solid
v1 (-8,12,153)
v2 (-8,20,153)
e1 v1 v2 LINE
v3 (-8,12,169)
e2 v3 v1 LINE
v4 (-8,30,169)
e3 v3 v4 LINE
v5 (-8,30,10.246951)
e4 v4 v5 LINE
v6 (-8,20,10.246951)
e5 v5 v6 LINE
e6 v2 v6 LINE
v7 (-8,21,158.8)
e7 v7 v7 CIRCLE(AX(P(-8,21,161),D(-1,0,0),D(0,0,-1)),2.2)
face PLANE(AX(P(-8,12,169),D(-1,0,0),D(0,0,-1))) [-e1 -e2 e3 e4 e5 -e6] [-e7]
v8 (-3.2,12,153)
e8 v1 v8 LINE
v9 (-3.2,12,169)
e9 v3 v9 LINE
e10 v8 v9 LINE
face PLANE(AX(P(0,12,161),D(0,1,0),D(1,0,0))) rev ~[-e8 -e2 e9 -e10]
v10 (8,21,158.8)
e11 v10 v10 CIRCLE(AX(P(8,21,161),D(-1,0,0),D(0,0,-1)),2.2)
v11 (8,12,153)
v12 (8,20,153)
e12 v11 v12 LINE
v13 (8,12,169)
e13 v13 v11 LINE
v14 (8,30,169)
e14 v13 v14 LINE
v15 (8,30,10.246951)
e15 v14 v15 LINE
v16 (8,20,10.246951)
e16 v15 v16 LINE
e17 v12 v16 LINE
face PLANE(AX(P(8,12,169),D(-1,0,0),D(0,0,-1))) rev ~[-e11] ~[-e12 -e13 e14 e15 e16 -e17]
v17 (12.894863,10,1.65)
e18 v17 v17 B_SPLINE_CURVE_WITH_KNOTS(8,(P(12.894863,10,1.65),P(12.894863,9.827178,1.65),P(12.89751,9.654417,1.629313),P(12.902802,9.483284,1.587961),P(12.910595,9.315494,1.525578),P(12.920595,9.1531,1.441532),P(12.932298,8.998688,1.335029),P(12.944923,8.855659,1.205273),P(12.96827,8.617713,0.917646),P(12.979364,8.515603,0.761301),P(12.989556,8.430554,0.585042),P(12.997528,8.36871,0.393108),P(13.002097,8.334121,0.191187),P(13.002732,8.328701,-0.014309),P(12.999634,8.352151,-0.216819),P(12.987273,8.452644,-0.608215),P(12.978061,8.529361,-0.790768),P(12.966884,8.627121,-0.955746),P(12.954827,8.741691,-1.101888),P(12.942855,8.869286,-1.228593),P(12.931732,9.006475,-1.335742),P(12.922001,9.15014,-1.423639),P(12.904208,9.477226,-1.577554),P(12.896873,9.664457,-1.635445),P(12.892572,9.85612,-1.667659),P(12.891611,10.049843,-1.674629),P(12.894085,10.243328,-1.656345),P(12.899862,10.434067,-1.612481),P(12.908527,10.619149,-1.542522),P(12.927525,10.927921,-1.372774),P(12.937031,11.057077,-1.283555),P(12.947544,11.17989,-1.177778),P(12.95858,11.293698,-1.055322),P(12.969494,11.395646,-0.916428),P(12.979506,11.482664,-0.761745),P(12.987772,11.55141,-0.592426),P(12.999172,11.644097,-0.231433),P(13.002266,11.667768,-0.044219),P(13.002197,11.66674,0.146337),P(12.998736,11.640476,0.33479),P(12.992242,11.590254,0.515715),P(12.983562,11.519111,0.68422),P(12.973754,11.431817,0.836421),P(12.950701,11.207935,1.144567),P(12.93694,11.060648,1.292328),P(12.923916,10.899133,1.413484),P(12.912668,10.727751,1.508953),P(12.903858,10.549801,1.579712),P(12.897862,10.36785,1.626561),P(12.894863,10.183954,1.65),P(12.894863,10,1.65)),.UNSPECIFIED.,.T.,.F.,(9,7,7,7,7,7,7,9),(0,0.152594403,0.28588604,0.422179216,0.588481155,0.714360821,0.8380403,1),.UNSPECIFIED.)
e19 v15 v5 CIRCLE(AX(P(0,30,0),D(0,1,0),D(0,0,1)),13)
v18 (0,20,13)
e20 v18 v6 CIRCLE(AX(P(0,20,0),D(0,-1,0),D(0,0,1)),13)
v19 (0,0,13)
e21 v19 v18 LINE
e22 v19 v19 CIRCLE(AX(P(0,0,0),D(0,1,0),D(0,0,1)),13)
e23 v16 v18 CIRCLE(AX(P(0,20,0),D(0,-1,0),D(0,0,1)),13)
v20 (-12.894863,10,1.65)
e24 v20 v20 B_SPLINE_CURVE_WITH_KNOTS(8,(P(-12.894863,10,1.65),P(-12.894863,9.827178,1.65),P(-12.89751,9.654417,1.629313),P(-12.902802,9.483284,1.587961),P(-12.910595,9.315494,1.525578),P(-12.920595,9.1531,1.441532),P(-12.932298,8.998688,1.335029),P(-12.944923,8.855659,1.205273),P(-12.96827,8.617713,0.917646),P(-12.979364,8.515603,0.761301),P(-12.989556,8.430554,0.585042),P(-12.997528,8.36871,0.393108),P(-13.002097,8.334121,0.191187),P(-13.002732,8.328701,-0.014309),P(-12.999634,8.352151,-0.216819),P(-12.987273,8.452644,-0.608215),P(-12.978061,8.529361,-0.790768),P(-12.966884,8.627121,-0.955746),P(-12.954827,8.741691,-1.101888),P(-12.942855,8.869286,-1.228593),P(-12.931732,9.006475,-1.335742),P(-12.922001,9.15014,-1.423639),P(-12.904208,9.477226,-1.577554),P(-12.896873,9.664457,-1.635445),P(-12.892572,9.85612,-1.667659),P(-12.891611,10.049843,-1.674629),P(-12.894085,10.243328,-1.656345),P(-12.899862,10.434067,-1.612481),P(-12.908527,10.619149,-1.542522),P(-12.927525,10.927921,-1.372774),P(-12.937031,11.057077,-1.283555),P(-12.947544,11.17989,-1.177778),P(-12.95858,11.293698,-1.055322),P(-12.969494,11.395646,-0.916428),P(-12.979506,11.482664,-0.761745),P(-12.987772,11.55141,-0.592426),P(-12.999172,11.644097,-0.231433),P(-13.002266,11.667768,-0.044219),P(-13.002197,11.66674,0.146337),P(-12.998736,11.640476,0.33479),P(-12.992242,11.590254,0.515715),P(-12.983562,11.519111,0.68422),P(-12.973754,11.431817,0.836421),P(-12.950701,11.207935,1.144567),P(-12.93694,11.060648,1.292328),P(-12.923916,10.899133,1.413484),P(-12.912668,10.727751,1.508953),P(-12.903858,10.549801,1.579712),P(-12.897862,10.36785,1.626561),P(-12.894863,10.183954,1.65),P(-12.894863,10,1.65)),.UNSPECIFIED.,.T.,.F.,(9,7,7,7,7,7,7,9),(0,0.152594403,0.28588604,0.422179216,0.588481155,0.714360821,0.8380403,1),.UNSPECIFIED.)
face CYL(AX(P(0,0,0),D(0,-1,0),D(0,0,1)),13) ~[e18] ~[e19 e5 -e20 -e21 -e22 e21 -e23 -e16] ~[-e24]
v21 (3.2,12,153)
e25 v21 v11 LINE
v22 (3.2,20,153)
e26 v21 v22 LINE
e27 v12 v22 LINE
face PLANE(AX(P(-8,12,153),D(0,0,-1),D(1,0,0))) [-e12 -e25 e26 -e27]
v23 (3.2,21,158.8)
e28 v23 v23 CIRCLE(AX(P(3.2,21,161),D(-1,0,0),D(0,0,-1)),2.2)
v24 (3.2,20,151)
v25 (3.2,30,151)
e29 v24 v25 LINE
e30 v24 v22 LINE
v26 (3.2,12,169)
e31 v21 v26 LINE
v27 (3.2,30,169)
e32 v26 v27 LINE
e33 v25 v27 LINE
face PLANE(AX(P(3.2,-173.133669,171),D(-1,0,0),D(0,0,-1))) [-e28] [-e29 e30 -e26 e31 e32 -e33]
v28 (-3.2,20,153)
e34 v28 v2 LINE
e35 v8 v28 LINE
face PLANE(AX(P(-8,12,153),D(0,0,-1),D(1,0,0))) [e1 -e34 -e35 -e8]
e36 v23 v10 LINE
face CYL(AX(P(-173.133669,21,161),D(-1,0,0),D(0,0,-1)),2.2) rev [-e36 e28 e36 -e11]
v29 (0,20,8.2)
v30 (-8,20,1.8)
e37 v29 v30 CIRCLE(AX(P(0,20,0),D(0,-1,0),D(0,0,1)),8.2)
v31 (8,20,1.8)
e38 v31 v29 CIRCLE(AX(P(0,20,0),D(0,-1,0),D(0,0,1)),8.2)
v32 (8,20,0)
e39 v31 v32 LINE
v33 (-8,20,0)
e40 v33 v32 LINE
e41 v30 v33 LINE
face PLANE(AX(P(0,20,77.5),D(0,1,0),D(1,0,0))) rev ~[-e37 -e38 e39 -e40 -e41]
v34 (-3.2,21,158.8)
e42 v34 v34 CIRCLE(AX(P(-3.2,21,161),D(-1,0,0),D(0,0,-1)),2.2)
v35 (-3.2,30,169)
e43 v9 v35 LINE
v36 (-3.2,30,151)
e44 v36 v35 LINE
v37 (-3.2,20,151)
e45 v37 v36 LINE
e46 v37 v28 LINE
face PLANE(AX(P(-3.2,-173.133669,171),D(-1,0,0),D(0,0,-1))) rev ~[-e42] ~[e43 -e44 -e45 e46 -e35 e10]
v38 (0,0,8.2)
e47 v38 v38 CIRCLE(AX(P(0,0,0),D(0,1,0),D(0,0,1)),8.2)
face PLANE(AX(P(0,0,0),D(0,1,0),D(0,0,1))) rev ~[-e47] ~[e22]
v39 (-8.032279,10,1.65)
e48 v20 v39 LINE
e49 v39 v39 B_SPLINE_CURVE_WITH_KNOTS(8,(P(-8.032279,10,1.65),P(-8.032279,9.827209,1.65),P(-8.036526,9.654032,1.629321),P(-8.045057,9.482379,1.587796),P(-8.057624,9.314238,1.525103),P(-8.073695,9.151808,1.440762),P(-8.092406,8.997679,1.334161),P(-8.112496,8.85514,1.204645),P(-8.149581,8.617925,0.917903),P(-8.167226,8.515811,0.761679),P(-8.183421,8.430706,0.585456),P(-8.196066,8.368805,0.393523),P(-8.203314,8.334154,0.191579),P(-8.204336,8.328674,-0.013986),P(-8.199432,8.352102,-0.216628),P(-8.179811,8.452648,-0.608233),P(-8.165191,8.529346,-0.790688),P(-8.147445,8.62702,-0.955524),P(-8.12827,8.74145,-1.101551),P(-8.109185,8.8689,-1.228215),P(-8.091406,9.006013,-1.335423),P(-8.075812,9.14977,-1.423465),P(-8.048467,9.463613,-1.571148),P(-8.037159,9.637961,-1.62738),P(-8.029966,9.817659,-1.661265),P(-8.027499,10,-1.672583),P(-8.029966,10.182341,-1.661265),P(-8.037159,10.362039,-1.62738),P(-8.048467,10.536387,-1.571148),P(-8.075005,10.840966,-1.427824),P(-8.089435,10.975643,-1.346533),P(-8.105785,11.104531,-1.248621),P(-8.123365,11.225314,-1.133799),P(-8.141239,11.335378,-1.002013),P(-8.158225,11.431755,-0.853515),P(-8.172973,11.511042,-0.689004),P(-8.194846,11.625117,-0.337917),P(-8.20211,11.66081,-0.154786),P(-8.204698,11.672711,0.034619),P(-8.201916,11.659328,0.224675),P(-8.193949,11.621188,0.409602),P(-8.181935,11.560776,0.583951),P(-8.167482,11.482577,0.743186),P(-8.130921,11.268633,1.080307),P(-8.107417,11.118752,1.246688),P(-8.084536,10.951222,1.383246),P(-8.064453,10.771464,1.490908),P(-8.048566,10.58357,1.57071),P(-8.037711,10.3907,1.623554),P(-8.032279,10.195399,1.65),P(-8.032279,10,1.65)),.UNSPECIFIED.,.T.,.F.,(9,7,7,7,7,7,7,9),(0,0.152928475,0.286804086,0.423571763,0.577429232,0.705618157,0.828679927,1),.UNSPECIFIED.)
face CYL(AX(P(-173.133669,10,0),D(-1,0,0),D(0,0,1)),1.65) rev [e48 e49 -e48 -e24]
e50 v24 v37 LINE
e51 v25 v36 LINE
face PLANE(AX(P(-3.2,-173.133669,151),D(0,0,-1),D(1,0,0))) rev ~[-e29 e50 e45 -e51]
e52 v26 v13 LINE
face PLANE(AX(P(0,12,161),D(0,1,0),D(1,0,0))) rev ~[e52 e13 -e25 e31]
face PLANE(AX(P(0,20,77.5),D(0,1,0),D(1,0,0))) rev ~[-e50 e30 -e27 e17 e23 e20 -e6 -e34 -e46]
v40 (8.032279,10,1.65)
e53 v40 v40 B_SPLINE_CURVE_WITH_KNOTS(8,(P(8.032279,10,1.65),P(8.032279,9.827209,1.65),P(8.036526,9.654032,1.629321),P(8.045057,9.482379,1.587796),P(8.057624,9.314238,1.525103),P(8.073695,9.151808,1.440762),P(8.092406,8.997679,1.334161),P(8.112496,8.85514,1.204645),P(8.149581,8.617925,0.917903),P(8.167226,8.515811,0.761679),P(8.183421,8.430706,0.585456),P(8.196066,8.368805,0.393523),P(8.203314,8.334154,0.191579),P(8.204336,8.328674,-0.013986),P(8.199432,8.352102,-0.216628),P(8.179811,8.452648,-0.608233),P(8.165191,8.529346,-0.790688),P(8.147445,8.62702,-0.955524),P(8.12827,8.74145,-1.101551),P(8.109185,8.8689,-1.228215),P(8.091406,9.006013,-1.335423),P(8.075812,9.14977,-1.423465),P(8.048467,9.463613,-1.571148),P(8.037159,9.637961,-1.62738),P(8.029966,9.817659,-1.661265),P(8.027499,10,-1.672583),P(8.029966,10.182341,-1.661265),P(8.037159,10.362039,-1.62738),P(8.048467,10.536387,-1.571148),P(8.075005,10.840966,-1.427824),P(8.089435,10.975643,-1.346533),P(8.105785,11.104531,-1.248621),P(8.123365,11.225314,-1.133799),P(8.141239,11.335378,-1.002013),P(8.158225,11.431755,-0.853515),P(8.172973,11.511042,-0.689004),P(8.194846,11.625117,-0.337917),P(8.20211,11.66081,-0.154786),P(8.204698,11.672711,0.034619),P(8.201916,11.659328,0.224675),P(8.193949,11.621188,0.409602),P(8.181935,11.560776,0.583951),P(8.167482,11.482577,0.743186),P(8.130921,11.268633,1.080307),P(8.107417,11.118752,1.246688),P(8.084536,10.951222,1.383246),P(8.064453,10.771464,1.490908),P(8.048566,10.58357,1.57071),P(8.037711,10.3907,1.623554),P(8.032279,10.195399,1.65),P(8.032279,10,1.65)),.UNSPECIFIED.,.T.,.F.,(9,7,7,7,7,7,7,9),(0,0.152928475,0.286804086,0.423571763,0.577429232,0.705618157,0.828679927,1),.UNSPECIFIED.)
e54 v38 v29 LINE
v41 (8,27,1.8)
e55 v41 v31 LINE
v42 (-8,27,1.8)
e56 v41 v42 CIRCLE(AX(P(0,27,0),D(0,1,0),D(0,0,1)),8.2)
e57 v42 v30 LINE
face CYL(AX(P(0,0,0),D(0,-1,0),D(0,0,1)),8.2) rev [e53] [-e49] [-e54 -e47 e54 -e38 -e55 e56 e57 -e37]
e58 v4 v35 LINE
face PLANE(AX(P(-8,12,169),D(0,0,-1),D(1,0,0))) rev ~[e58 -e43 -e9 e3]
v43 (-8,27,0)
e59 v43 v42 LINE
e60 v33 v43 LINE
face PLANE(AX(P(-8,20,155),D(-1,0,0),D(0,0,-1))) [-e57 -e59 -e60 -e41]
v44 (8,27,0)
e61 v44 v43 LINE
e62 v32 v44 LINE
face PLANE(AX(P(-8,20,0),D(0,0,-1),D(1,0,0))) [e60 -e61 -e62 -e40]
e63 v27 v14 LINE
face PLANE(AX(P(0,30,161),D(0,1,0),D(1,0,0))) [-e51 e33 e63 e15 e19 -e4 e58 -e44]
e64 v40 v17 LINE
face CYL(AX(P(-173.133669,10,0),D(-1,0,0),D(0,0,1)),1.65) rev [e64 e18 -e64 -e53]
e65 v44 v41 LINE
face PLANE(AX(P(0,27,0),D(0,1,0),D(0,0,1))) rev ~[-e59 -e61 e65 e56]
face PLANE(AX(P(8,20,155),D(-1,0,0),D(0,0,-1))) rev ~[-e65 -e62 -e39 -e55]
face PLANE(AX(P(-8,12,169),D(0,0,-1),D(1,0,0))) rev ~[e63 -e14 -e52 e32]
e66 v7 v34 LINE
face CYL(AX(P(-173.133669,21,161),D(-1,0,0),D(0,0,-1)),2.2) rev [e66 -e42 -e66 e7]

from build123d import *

# Parameters (mm, degrees)
CROQUIS_ZOCALO_R                   = 13
ZOCALO_DEPTH                       = 30
CROQUIS_ZOCALO_HUECO_R             = 8.2
ZOCALO_HUECO_DEPTH                 = 27
CROQUIS_BARRA_W                    = 16
CROQUIS_BARRA_H                    = 155
BARRA_DEPTH                        = 10
CROQUIS_HORQUILLA_W                = 16
CROQUIS_HORQUILLA_H                = 16
HORQUILLA_DEPTH                    = 18
HORQUILLA_RANURA_DEPTH             = 173.13366899
HORQUILLA_RANURA_DEPTH_BACK        = 173.13366899
CROQUIS_HORQUILLA_RANURA_W         = 6.4
CROQUIS_HORQUILLA_RANURA_H         = 20
EJE_CAMARA_Y_PRISIONERO_DEPTH      = 173.13366899
EJE_CAMARA_Y_PRISIONERO_DEPTH_BACK = 173.13366899
CROQUIS_EJES_R                     = 2.2
CROQUIS_EJES_R_2                   = 1.65


with BuildPart() as part:
    # Croquis_zocalo → Zocalo (new body)
    with BuildSketch(Plane(origin=(0, 0, 0), x_dir=(1, 0, 0), z_dir=(0, 1, 0))):
        with Locations(Location((0, 0, 0), (0, 0, 270))):
            Circle(CROQUIS_ZOCALO_R)
    extrude(amount=ZOCALO_DEPTH)

    # Croquis_zocalo_hueco → Zocalo_hueco (cut)
    with BuildSketch(Plane(origin=(0, 0, 0), x_dir=(1, 0, 0), z_dir=(0, 1, 0))):
        with Locations(Location((0, 0, 0), (0, 0, 270))):
            Circle(CROQUIS_ZOCALO_HUECO_R)
    extrude(amount=ZOCALO_HUECO_DEPTH, mode=Mode.SUBTRACT)

    # Croquis_barra → Barra (add)
    with BuildSketch(Plane(origin=(0, 20, 0), x_dir=(1, 0, 0), z_dir=(0, 1, 0))):
        with Locations((0, -77.5)):
            Rectangle(CROQUIS_BARRA_W, CROQUIS_BARRA_H)
    extrude(amount=BARRA_DEPTH)

    # Croquis_horquilla → Horquilla (add)
    with BuildSketch(Plane(origin=(0, 12, 0), x_dir=(1, 0, 0), z_dir=(0, 1, 0))):
        with Locations((0, -161)):
            Rectangle(CROQUIS_HORQUILLA_W, CROQUIS_HORQUILLA_H)
    extrude(amount=HORQUILLA_DEPTH)

    # Croquis_horquilla_ranura → Horquilla_ranura (cut, two sides: drawn at the far end of the back side and taken through both)
    with BuildSketch(Plane(origin=(0, 0, 0), x_dir=(1, 0, 0), z_dir=(0, 1, 0)).offset(-HORQUILLA_RANURA_DEPTH_BACK)):
        with Locations((0, -161)):
            Rectangle(CROQUIS_HORQUILLA_RANURA_W, CROQUIS_HORQUILLA_RANURA_H)
    extrude(amount=HORQUILLA_RANURA_DEPTH + HORQUILLA_RANURA_DEPTH_BACK, mode=Mode.SUBTRACT)

    # Croquis_ejes → Eje_camara_y_prisionero (cut, two sides: drawn at the far end of the back side and taken through both)
    with BuildSketch(Plane(origin=(0, 0, 0), x_dir=(0, 0, -1), z_dir=(1, 0, 0)).offset(-EJE_CAMARA_Y_PRISIONERO_DEPTH_BACK)):
        with Locations((-161, 21)):
            Circle(CROQUIS_EJES_R)
        with Locations(Location((0, 10, 0), (0, 0, 180))):
            Circle(CROQUIS_EJES_R_2)
    extrude(amount=EJE_CAMARA_Y_PRISIONERO_DEPTH + EJE_CAMARA_Y_PRISIONERO_DEPTH_BACK, mode=Mode.SUBTRACT)


solid = part.part
